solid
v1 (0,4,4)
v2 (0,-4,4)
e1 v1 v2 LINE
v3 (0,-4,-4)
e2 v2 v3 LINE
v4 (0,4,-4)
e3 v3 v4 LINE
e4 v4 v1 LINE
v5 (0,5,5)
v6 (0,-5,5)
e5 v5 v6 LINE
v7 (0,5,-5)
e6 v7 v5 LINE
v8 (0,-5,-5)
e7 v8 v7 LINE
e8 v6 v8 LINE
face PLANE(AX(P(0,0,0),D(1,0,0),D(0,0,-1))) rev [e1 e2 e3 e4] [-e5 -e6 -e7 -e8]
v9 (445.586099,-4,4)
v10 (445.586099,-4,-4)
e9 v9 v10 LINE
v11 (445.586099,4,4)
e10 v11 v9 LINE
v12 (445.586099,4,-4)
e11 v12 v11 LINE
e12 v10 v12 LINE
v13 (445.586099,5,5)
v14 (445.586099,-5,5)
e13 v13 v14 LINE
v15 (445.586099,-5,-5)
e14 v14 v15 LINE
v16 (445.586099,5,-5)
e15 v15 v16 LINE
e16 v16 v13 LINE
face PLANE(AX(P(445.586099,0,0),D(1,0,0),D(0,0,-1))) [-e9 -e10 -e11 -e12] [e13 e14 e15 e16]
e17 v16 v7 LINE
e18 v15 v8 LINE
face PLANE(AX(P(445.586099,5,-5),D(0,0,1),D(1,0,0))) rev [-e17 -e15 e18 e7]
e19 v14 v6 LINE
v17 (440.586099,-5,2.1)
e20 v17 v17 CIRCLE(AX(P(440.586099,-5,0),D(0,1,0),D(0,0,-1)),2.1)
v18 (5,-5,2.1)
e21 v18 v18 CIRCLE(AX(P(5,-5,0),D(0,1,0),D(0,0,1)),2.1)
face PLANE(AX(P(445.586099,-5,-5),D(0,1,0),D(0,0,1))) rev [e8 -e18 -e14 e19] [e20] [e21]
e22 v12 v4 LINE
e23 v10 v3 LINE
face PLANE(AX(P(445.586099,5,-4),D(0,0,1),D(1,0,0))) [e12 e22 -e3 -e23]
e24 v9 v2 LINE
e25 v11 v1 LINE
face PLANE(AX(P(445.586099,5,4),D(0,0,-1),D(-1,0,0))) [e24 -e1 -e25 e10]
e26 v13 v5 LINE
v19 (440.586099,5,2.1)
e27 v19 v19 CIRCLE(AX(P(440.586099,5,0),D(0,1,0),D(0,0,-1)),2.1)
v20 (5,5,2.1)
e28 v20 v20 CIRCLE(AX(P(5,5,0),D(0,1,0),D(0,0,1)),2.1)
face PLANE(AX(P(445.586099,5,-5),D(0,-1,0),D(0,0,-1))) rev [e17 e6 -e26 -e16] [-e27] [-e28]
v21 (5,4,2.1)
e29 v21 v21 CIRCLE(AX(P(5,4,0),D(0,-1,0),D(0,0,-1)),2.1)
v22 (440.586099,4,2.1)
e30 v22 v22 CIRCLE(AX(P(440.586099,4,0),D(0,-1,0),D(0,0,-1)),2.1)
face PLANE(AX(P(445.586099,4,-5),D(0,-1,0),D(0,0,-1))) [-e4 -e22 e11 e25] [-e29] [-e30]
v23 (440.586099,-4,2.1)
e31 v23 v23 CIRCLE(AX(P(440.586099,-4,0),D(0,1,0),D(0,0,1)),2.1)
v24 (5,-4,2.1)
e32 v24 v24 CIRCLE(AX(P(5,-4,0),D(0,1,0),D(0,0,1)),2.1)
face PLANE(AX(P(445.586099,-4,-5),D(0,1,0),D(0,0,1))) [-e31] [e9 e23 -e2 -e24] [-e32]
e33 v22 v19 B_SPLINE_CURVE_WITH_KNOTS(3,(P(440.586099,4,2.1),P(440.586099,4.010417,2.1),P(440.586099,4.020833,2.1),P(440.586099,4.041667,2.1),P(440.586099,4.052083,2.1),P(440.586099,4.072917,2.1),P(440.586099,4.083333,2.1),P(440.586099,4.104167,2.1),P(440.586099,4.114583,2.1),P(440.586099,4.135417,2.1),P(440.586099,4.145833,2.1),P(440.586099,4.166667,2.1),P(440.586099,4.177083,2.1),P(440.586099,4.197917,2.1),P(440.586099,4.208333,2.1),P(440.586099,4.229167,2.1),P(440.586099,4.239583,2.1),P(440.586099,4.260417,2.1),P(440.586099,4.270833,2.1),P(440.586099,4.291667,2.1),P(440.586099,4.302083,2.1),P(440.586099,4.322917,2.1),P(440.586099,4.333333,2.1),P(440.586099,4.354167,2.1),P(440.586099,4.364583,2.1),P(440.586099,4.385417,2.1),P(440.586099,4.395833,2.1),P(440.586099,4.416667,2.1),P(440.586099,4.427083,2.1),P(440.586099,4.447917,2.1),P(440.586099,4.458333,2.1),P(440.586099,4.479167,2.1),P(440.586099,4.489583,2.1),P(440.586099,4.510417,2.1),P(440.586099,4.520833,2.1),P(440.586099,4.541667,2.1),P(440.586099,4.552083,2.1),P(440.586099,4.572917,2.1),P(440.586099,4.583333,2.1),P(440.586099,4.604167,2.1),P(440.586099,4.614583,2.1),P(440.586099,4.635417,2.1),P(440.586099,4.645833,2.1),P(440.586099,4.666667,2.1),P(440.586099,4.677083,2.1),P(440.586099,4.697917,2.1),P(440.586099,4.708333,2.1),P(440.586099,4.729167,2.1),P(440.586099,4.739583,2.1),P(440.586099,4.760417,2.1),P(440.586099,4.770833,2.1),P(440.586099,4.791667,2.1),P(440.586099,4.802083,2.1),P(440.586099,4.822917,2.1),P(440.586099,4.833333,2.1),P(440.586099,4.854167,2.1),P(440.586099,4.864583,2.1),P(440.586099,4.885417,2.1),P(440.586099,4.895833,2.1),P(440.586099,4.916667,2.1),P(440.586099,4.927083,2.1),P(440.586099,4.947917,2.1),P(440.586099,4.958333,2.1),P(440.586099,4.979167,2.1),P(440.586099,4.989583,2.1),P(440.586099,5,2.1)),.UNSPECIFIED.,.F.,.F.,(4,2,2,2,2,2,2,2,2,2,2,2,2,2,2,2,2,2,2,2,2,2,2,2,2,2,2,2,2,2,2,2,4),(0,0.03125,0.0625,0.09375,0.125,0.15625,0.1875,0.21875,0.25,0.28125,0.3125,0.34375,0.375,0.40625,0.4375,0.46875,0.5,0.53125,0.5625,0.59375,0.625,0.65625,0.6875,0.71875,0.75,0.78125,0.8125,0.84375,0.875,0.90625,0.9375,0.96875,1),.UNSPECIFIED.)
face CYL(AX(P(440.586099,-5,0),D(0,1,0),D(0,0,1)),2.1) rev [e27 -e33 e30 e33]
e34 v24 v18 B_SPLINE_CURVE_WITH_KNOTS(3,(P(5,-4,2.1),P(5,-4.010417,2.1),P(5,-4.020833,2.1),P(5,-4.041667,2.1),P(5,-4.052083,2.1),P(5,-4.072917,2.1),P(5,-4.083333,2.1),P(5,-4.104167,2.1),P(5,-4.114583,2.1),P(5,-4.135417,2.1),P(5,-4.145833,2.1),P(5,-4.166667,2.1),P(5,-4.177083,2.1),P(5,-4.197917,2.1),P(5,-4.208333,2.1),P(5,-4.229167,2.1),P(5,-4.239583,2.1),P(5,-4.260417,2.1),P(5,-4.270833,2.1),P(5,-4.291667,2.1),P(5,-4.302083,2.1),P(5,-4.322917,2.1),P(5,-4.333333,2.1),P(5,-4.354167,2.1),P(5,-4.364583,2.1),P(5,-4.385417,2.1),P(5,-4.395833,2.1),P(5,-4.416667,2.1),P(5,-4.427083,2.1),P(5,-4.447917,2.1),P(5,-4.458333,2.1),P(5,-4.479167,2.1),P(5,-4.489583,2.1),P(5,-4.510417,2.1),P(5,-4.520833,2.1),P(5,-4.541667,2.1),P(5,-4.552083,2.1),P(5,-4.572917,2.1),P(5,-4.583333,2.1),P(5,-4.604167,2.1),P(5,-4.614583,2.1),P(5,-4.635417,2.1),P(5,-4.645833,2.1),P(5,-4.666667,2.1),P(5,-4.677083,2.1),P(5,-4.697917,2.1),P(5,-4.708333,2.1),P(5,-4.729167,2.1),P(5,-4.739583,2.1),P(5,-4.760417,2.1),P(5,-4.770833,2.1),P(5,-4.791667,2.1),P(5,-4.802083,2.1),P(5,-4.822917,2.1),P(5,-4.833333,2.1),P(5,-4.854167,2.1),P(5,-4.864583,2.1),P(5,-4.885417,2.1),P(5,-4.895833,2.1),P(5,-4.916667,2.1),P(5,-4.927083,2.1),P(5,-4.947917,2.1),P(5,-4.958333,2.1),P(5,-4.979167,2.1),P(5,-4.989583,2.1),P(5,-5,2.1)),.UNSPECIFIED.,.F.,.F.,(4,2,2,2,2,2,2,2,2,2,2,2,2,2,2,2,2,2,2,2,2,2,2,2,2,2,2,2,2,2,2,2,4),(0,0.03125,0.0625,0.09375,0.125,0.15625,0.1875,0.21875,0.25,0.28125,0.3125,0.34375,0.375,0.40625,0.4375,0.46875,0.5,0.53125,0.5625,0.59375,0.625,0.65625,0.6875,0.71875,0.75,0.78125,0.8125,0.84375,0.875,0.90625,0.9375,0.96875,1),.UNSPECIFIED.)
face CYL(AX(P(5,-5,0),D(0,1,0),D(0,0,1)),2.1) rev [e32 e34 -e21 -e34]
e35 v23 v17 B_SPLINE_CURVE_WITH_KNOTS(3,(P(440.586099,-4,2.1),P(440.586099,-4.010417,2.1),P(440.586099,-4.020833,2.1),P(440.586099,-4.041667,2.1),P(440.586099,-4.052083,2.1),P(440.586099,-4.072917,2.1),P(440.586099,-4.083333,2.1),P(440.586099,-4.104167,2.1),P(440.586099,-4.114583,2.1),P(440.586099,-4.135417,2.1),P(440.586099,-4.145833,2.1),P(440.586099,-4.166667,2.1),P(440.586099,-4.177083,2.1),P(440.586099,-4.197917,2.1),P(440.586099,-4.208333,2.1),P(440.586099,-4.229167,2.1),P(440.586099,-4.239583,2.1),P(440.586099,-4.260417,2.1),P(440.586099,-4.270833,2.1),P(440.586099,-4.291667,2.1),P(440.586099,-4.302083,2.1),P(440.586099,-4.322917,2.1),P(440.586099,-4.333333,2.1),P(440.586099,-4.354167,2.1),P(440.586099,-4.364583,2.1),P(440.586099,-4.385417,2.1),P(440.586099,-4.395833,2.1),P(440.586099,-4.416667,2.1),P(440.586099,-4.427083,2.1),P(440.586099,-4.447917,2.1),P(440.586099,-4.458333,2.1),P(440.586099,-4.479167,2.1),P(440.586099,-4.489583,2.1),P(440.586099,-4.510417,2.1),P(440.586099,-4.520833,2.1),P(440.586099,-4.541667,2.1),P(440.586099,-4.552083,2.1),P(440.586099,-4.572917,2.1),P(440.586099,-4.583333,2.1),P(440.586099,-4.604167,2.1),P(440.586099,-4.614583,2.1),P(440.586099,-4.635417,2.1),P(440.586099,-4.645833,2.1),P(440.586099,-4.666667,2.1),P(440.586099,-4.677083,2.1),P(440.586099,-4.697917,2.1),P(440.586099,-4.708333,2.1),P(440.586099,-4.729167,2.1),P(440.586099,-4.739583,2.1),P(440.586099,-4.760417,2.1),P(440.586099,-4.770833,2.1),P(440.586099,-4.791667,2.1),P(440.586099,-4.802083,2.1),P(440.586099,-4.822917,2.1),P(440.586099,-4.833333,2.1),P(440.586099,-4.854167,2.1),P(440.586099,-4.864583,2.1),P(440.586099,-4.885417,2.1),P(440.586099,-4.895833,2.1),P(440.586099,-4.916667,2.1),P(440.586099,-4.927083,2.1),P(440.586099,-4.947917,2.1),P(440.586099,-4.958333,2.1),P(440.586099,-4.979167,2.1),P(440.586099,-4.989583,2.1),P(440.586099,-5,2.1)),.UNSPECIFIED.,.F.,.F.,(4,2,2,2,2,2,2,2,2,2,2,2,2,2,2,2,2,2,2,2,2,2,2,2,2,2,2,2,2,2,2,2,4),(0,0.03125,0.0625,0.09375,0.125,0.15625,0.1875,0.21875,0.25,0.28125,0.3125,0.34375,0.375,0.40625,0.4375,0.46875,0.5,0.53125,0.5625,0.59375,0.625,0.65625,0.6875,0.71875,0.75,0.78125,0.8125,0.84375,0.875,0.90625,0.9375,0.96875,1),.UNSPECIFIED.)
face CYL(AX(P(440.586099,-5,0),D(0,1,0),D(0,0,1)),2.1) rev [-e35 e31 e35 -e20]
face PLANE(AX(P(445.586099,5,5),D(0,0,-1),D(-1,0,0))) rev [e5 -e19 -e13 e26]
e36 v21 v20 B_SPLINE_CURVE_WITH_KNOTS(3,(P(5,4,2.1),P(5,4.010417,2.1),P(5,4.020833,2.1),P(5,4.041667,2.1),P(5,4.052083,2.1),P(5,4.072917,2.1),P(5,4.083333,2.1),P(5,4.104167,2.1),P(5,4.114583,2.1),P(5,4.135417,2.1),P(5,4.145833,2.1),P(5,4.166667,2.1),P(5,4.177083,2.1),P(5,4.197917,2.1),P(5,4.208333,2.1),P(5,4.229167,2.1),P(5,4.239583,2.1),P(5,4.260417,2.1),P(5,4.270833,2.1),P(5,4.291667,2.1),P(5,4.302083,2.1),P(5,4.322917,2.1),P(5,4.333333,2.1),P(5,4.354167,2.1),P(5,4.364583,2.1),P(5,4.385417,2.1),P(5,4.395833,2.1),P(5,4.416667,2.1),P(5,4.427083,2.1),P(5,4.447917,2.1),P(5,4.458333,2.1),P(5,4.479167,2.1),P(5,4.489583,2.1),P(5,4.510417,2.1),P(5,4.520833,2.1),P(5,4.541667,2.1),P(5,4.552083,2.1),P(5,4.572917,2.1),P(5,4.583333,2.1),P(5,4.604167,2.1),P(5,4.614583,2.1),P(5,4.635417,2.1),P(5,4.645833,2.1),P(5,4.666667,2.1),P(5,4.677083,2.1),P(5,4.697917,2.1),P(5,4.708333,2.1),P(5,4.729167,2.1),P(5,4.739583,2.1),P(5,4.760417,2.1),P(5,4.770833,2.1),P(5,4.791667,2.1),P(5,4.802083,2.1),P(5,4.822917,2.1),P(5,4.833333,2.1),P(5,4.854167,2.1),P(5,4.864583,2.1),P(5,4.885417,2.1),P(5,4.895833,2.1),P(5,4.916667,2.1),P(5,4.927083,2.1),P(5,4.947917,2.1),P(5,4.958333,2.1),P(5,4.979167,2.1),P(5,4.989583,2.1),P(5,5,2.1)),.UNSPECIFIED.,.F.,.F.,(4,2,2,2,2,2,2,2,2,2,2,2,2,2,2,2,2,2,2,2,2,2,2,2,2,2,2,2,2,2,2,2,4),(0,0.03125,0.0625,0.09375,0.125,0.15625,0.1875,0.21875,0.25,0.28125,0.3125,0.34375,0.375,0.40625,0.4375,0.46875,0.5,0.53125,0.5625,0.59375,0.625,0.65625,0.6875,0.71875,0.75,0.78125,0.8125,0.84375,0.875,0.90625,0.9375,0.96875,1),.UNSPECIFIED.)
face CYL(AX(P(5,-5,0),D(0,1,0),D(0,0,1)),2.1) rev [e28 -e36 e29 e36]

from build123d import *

# Parameters (mm, degrees)
SKETCH_1_W          = 10
SKETCH_1_H          = 10
SKETCH_1_W_2        = 8
SKETCH_1_H_2        = 8
EXTRUDE_1_DEPTH     = 445.586099411
SKETCH_2_R          = 2.1
CUT_EXTRUDE_1_DEPTH = 446.72634204


with BuildPart() as part:
    # ｽｹｯﾁ1 → 押し出し-薄板1 (new body)
    with BuildSketch(Plane(origin=(0, 0, 0), x_dir=(0, -1, 0), z_dir=(1, 0, 0))):
        Rectangle(SKETCH_1_W, SKETCH_1_H)
        Rectangle(SKETCH_1_W_2, SKETCH_1_H_2, mode=Mode.SUBTRACT)
    extrude(amount=EXTRUDE_1_DEPTH)

    # ｽｹｯﾁ2 → ｶｯﾄ - 押し出し1 (cut, through all)
    with BuildSketch(Plane(origin=(0, 5, 0), x_dir=(1, 0, 0), z_dir=(0, 1, 0))):
        with Locations(Location((5, 0, 0), (0, 0, 270))):
            Circle(SKETCH_2_R)
        with Locations(Location((440.586099411, 0, 0), (0, 0, 270))):
            Circle(SKETCH_2_R)
    extrude(amount=-CUT_EXTRUDE_1_DEPTH, mode=Mode.SUBTRACT)


solid = part.part
